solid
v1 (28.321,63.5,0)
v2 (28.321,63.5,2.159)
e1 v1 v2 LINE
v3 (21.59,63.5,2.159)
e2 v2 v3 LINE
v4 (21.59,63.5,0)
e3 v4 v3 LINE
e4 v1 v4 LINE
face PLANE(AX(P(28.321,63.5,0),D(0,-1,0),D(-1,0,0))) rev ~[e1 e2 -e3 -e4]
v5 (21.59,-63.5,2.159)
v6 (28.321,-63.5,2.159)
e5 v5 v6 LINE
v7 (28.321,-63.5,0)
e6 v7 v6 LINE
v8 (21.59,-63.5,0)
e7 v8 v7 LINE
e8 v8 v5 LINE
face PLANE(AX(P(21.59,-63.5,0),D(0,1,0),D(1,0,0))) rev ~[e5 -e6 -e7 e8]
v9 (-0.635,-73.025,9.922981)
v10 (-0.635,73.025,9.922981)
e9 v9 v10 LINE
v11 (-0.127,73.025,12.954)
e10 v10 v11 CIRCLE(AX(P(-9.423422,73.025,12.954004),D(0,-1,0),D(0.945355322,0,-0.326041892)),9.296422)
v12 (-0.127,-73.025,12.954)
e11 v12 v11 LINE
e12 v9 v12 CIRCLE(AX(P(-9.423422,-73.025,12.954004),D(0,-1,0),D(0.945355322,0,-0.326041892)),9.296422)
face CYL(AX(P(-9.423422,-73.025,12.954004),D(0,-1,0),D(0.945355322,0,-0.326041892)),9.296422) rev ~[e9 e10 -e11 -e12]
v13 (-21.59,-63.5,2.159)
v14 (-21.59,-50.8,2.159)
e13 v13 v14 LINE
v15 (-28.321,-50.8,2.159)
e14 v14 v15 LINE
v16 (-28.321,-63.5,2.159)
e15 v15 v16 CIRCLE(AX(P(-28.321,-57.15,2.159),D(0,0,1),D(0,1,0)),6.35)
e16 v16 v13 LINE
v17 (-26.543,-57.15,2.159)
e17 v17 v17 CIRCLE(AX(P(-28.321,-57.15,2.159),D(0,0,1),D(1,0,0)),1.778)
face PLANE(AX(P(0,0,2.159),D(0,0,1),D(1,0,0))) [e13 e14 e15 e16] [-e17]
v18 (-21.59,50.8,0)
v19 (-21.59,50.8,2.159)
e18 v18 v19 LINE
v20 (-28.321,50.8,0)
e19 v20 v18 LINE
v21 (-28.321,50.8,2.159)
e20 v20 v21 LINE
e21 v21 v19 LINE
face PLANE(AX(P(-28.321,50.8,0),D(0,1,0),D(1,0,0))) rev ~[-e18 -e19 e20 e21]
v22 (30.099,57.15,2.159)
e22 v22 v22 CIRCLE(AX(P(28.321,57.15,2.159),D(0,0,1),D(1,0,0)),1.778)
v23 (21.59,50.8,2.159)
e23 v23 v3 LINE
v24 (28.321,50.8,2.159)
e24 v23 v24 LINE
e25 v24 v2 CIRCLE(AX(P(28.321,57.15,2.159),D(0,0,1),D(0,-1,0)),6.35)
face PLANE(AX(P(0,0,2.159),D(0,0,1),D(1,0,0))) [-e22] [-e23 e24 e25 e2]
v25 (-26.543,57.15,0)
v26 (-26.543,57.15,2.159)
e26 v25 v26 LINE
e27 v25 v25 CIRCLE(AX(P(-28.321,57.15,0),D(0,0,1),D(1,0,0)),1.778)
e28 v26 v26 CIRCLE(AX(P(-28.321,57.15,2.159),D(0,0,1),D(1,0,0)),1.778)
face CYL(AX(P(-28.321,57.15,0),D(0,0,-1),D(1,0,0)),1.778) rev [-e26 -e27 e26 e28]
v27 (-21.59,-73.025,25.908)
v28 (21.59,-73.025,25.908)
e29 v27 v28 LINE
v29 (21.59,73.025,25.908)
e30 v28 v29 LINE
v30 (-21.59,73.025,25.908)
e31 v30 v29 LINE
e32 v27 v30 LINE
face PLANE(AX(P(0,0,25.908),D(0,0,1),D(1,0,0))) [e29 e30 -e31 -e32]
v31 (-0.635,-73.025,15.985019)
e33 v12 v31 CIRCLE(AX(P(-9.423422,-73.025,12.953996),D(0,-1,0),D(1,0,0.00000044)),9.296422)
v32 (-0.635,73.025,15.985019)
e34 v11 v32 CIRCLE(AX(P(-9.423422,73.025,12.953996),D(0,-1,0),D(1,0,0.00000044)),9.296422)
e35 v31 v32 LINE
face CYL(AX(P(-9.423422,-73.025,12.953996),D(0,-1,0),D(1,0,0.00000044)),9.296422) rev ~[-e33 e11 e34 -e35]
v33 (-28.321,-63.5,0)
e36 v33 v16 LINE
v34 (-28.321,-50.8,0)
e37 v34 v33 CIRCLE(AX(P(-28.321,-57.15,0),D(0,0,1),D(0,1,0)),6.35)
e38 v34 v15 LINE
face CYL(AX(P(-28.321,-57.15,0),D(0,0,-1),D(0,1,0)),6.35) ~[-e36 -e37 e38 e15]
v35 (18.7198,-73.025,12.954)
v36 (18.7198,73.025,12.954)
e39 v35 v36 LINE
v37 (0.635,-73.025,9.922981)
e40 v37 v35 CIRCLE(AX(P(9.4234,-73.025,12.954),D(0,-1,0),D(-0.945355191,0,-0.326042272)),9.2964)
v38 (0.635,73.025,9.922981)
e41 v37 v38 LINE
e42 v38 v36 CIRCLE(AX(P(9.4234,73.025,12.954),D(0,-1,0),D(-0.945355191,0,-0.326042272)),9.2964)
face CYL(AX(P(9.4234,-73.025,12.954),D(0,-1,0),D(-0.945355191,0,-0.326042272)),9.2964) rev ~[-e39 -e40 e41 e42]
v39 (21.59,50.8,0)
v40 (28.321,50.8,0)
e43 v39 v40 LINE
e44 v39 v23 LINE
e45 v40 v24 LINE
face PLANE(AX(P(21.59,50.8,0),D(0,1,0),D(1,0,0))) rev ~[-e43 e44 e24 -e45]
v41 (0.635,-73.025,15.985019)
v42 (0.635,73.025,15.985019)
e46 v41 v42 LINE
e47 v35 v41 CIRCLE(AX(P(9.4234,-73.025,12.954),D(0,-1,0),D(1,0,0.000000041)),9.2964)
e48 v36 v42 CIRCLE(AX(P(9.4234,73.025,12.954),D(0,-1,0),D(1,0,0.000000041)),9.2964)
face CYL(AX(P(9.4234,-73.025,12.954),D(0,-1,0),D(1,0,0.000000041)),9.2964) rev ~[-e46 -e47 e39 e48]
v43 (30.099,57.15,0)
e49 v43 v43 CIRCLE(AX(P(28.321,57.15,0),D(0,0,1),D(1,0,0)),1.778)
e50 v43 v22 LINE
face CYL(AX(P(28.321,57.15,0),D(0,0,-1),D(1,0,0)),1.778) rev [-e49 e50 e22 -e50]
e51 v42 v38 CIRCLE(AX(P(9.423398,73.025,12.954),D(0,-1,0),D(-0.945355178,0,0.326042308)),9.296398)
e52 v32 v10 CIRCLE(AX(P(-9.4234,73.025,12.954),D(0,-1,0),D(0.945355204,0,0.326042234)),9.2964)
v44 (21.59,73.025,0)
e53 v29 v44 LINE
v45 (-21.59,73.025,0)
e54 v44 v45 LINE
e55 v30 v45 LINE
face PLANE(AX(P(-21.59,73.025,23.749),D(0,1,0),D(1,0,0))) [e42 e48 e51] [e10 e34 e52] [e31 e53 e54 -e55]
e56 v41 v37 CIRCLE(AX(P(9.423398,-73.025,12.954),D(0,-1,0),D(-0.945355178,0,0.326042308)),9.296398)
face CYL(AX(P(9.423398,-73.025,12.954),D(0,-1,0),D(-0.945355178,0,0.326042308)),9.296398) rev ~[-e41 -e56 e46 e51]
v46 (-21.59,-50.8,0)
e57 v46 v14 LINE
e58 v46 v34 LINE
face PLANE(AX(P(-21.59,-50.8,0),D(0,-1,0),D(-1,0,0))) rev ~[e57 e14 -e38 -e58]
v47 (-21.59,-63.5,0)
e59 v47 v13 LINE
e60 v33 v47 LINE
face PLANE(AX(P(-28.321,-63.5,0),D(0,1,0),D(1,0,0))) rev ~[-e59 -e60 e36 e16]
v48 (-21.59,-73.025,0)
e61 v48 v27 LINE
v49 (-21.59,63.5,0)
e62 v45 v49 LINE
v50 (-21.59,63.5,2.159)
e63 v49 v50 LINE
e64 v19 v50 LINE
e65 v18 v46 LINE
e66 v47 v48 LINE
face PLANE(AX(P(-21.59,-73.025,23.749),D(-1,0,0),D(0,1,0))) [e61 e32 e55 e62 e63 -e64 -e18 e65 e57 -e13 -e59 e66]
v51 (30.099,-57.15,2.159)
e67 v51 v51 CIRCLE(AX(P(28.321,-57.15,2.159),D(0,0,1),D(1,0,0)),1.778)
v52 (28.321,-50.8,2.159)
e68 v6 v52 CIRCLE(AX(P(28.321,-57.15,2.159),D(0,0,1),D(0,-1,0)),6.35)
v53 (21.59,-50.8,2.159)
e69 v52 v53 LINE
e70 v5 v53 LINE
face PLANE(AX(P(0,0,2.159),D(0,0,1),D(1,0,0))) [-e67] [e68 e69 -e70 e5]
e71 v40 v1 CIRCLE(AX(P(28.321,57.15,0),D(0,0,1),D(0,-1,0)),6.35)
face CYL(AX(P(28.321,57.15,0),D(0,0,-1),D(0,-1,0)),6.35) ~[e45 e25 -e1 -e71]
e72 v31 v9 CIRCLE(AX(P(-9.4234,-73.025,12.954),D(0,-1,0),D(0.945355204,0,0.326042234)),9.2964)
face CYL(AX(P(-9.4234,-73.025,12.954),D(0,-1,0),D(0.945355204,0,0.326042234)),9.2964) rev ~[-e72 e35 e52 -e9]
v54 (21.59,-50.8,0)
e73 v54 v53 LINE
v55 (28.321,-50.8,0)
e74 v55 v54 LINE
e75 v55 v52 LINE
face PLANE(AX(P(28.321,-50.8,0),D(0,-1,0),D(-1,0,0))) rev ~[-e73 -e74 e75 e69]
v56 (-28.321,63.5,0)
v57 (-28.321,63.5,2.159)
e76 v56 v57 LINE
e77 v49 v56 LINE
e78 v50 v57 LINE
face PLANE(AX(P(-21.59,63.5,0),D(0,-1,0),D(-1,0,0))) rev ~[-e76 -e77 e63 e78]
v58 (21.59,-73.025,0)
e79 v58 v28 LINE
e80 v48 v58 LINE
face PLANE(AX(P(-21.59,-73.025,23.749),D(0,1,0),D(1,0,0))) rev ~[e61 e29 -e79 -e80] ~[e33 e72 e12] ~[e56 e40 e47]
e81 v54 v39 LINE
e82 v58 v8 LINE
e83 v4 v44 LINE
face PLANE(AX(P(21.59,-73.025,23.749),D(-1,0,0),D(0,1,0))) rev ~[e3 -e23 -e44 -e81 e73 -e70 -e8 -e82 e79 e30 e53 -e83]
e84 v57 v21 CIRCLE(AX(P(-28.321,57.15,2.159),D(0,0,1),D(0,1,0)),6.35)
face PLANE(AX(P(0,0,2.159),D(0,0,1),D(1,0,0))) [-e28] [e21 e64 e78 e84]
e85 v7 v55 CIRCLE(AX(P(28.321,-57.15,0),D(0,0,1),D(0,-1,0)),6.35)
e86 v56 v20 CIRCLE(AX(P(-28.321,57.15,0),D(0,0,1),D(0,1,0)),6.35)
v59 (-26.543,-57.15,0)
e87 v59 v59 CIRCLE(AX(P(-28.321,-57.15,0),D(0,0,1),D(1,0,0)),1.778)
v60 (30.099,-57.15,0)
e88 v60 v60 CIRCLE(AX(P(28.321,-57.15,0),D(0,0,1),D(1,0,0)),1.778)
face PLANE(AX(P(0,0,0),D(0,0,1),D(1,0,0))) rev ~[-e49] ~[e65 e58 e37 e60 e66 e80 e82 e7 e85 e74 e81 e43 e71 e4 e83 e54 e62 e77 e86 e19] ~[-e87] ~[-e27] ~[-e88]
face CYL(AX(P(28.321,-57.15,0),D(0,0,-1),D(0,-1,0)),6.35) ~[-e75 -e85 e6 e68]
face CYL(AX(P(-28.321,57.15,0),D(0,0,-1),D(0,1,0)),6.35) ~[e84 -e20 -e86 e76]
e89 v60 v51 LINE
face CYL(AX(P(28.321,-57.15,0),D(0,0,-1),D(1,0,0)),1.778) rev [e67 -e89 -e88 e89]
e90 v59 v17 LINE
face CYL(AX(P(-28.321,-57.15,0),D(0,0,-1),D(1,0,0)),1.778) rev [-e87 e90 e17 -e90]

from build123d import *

# Parameters (mm, degrees)
F0_R     = 1.778
F1_DEPTH = 2.159
F2_W     = 43.18
F2_H     = 146.05
F3_DEPTH = 21.59
F4_W     = 43.18
F4_H     = 146.05
F5_DEPTH = 2.159
F7_DEPTH = 146.051


with BuildPart() as f1:
    # F0 (on Top) → F1 (new body)
    with BuildSketch(Plane.XY):
        Polygon((21.59, 63.5), (21.59, 73.025), (-21.59, 73.025), (-21.59, 63.5), (-21.59, 50.8), (-21.59, -50.8), (-21.59, -63.5), (-21.59, -73.025), (21.59, -73.025), (21.59, -63.5), (21.59, -50.8), (21.59, 50.8), align=None)
        with BuildLine():
            Line((28.321, 63.5), (21.59, 63.5))
            Line((21.59, 63.5), (21.59, 50.8))
            Line((21.59, 50.8), (28.321, 50.8))
            ThreePointArc((28.321, 50.8), (34.671, 57.15), (28.321, 63.5))
        make_face()
        with Locations((28.321, 57.15)):
            Circle(F0_R, mode=Mode.SUBTRACT)
        with BuildLine():
            Line((-21.59, 50.8), (-21.59, 63.5))
            Line((-21.59, 63.5), (-28.321, 63.5))
            ThreePointArc((-28.321, 63.5), (-34.671, 57.15), (-28.321, 50.8))
            Line((-28.321, 50.8), (-21.59, 50.8))
        make_face()
        with Locations((-28.321, 57.15)):
            Circle(F0_R, mode=Mode.SUBTRACT)
        with BuildLine():
            Line((28.321, -50.8), (21.59, -50.8))
            Line((21.59, -50.8), (21.59, -63.5))
            Line((21.59, -63.5), (28.321, -63.5))
            ThreePointArc((28.321, -63.5), (34.671, -57.15), (28.321, -50.8))
        make_face()
        with Locations((28.321, -57.15)):
            Circle(F0_R, mode=Mode.SUBTRACT)
        with BuildLine():
            Line((-21.59, -63.5), (-21.59, -50.8))
            Line((-21.59, -50.8), (-28.321, -50.8))
            ThreePointArc((-28.321, -50.8), (-34.671, -57.15), (-28.321, -63.5))
            Line((-28.321, -63.5), (-21.59, -63.5))
        make_face()
        with Locations((-28.321, -57.15)):
            Circle(F0_R, mode=Mode.SUBTRACT)
    extrude(amount=F1_DEPTH)

    # F2 (on face) → F3 (join)
    with BuildSketch(Plane.XY.offset(2.159)):
        Rectangle(F2_W, F2_H)
    extrude(amount=F3_DEPTH)

    # F4 (on face) → F5 (join)
    with BuildSketch(Plane.XY.offset(23.749)):
        Rectangle(F4_W, F4_H)
    extrude(amount=F5_DEPTH)

    # F6 (on face) → F7 (cut, through all)
    with BuildSketch(Plane.XZ.offset(73.025)):
        with BuildLine():
            Line((-0.635, 9.922981), (-0.635, 15.985019))
            ThreePointArc((-0.635, 15.985019), (-18.7198, 12.954), (-0.635, 9.922981))
        make_face()
        with BuildLine():
            ThreePointArc((-0.635, 9.922981), (-0.25488, 11.417352), (-0.127, 12.954))
            ThreePointArc((-0.127, 12.954), (-0.25488, 14.490648), (-0.635, 15.985019))
            Line((-0.635, 15.985019), (-0.635, 9.922981))
        make_face()
        with BuildLine():
            Line((0.635, 9.922981), (0.635, 15.985019))
            ThreePointArc((0.635, 15.985019), (0.127, 12.954), (0.635, 9.922981))
        make_face()
        with BuildLine():
            ThreePointArc((18.7198, 12.954), (10.960048, 22.12252), (0.635, 15.985019))
            Line((0.635, 15.985019), (0.635, 9.922981))
            ThreePointArc((0.635, 9.922981), (10.960048, 3.78548), (18.7198, 12.954))
        make_face()
    extrude(amount=-F7_DEPTH, mode=Mode.SUBTRACT)


solid = f1.part
